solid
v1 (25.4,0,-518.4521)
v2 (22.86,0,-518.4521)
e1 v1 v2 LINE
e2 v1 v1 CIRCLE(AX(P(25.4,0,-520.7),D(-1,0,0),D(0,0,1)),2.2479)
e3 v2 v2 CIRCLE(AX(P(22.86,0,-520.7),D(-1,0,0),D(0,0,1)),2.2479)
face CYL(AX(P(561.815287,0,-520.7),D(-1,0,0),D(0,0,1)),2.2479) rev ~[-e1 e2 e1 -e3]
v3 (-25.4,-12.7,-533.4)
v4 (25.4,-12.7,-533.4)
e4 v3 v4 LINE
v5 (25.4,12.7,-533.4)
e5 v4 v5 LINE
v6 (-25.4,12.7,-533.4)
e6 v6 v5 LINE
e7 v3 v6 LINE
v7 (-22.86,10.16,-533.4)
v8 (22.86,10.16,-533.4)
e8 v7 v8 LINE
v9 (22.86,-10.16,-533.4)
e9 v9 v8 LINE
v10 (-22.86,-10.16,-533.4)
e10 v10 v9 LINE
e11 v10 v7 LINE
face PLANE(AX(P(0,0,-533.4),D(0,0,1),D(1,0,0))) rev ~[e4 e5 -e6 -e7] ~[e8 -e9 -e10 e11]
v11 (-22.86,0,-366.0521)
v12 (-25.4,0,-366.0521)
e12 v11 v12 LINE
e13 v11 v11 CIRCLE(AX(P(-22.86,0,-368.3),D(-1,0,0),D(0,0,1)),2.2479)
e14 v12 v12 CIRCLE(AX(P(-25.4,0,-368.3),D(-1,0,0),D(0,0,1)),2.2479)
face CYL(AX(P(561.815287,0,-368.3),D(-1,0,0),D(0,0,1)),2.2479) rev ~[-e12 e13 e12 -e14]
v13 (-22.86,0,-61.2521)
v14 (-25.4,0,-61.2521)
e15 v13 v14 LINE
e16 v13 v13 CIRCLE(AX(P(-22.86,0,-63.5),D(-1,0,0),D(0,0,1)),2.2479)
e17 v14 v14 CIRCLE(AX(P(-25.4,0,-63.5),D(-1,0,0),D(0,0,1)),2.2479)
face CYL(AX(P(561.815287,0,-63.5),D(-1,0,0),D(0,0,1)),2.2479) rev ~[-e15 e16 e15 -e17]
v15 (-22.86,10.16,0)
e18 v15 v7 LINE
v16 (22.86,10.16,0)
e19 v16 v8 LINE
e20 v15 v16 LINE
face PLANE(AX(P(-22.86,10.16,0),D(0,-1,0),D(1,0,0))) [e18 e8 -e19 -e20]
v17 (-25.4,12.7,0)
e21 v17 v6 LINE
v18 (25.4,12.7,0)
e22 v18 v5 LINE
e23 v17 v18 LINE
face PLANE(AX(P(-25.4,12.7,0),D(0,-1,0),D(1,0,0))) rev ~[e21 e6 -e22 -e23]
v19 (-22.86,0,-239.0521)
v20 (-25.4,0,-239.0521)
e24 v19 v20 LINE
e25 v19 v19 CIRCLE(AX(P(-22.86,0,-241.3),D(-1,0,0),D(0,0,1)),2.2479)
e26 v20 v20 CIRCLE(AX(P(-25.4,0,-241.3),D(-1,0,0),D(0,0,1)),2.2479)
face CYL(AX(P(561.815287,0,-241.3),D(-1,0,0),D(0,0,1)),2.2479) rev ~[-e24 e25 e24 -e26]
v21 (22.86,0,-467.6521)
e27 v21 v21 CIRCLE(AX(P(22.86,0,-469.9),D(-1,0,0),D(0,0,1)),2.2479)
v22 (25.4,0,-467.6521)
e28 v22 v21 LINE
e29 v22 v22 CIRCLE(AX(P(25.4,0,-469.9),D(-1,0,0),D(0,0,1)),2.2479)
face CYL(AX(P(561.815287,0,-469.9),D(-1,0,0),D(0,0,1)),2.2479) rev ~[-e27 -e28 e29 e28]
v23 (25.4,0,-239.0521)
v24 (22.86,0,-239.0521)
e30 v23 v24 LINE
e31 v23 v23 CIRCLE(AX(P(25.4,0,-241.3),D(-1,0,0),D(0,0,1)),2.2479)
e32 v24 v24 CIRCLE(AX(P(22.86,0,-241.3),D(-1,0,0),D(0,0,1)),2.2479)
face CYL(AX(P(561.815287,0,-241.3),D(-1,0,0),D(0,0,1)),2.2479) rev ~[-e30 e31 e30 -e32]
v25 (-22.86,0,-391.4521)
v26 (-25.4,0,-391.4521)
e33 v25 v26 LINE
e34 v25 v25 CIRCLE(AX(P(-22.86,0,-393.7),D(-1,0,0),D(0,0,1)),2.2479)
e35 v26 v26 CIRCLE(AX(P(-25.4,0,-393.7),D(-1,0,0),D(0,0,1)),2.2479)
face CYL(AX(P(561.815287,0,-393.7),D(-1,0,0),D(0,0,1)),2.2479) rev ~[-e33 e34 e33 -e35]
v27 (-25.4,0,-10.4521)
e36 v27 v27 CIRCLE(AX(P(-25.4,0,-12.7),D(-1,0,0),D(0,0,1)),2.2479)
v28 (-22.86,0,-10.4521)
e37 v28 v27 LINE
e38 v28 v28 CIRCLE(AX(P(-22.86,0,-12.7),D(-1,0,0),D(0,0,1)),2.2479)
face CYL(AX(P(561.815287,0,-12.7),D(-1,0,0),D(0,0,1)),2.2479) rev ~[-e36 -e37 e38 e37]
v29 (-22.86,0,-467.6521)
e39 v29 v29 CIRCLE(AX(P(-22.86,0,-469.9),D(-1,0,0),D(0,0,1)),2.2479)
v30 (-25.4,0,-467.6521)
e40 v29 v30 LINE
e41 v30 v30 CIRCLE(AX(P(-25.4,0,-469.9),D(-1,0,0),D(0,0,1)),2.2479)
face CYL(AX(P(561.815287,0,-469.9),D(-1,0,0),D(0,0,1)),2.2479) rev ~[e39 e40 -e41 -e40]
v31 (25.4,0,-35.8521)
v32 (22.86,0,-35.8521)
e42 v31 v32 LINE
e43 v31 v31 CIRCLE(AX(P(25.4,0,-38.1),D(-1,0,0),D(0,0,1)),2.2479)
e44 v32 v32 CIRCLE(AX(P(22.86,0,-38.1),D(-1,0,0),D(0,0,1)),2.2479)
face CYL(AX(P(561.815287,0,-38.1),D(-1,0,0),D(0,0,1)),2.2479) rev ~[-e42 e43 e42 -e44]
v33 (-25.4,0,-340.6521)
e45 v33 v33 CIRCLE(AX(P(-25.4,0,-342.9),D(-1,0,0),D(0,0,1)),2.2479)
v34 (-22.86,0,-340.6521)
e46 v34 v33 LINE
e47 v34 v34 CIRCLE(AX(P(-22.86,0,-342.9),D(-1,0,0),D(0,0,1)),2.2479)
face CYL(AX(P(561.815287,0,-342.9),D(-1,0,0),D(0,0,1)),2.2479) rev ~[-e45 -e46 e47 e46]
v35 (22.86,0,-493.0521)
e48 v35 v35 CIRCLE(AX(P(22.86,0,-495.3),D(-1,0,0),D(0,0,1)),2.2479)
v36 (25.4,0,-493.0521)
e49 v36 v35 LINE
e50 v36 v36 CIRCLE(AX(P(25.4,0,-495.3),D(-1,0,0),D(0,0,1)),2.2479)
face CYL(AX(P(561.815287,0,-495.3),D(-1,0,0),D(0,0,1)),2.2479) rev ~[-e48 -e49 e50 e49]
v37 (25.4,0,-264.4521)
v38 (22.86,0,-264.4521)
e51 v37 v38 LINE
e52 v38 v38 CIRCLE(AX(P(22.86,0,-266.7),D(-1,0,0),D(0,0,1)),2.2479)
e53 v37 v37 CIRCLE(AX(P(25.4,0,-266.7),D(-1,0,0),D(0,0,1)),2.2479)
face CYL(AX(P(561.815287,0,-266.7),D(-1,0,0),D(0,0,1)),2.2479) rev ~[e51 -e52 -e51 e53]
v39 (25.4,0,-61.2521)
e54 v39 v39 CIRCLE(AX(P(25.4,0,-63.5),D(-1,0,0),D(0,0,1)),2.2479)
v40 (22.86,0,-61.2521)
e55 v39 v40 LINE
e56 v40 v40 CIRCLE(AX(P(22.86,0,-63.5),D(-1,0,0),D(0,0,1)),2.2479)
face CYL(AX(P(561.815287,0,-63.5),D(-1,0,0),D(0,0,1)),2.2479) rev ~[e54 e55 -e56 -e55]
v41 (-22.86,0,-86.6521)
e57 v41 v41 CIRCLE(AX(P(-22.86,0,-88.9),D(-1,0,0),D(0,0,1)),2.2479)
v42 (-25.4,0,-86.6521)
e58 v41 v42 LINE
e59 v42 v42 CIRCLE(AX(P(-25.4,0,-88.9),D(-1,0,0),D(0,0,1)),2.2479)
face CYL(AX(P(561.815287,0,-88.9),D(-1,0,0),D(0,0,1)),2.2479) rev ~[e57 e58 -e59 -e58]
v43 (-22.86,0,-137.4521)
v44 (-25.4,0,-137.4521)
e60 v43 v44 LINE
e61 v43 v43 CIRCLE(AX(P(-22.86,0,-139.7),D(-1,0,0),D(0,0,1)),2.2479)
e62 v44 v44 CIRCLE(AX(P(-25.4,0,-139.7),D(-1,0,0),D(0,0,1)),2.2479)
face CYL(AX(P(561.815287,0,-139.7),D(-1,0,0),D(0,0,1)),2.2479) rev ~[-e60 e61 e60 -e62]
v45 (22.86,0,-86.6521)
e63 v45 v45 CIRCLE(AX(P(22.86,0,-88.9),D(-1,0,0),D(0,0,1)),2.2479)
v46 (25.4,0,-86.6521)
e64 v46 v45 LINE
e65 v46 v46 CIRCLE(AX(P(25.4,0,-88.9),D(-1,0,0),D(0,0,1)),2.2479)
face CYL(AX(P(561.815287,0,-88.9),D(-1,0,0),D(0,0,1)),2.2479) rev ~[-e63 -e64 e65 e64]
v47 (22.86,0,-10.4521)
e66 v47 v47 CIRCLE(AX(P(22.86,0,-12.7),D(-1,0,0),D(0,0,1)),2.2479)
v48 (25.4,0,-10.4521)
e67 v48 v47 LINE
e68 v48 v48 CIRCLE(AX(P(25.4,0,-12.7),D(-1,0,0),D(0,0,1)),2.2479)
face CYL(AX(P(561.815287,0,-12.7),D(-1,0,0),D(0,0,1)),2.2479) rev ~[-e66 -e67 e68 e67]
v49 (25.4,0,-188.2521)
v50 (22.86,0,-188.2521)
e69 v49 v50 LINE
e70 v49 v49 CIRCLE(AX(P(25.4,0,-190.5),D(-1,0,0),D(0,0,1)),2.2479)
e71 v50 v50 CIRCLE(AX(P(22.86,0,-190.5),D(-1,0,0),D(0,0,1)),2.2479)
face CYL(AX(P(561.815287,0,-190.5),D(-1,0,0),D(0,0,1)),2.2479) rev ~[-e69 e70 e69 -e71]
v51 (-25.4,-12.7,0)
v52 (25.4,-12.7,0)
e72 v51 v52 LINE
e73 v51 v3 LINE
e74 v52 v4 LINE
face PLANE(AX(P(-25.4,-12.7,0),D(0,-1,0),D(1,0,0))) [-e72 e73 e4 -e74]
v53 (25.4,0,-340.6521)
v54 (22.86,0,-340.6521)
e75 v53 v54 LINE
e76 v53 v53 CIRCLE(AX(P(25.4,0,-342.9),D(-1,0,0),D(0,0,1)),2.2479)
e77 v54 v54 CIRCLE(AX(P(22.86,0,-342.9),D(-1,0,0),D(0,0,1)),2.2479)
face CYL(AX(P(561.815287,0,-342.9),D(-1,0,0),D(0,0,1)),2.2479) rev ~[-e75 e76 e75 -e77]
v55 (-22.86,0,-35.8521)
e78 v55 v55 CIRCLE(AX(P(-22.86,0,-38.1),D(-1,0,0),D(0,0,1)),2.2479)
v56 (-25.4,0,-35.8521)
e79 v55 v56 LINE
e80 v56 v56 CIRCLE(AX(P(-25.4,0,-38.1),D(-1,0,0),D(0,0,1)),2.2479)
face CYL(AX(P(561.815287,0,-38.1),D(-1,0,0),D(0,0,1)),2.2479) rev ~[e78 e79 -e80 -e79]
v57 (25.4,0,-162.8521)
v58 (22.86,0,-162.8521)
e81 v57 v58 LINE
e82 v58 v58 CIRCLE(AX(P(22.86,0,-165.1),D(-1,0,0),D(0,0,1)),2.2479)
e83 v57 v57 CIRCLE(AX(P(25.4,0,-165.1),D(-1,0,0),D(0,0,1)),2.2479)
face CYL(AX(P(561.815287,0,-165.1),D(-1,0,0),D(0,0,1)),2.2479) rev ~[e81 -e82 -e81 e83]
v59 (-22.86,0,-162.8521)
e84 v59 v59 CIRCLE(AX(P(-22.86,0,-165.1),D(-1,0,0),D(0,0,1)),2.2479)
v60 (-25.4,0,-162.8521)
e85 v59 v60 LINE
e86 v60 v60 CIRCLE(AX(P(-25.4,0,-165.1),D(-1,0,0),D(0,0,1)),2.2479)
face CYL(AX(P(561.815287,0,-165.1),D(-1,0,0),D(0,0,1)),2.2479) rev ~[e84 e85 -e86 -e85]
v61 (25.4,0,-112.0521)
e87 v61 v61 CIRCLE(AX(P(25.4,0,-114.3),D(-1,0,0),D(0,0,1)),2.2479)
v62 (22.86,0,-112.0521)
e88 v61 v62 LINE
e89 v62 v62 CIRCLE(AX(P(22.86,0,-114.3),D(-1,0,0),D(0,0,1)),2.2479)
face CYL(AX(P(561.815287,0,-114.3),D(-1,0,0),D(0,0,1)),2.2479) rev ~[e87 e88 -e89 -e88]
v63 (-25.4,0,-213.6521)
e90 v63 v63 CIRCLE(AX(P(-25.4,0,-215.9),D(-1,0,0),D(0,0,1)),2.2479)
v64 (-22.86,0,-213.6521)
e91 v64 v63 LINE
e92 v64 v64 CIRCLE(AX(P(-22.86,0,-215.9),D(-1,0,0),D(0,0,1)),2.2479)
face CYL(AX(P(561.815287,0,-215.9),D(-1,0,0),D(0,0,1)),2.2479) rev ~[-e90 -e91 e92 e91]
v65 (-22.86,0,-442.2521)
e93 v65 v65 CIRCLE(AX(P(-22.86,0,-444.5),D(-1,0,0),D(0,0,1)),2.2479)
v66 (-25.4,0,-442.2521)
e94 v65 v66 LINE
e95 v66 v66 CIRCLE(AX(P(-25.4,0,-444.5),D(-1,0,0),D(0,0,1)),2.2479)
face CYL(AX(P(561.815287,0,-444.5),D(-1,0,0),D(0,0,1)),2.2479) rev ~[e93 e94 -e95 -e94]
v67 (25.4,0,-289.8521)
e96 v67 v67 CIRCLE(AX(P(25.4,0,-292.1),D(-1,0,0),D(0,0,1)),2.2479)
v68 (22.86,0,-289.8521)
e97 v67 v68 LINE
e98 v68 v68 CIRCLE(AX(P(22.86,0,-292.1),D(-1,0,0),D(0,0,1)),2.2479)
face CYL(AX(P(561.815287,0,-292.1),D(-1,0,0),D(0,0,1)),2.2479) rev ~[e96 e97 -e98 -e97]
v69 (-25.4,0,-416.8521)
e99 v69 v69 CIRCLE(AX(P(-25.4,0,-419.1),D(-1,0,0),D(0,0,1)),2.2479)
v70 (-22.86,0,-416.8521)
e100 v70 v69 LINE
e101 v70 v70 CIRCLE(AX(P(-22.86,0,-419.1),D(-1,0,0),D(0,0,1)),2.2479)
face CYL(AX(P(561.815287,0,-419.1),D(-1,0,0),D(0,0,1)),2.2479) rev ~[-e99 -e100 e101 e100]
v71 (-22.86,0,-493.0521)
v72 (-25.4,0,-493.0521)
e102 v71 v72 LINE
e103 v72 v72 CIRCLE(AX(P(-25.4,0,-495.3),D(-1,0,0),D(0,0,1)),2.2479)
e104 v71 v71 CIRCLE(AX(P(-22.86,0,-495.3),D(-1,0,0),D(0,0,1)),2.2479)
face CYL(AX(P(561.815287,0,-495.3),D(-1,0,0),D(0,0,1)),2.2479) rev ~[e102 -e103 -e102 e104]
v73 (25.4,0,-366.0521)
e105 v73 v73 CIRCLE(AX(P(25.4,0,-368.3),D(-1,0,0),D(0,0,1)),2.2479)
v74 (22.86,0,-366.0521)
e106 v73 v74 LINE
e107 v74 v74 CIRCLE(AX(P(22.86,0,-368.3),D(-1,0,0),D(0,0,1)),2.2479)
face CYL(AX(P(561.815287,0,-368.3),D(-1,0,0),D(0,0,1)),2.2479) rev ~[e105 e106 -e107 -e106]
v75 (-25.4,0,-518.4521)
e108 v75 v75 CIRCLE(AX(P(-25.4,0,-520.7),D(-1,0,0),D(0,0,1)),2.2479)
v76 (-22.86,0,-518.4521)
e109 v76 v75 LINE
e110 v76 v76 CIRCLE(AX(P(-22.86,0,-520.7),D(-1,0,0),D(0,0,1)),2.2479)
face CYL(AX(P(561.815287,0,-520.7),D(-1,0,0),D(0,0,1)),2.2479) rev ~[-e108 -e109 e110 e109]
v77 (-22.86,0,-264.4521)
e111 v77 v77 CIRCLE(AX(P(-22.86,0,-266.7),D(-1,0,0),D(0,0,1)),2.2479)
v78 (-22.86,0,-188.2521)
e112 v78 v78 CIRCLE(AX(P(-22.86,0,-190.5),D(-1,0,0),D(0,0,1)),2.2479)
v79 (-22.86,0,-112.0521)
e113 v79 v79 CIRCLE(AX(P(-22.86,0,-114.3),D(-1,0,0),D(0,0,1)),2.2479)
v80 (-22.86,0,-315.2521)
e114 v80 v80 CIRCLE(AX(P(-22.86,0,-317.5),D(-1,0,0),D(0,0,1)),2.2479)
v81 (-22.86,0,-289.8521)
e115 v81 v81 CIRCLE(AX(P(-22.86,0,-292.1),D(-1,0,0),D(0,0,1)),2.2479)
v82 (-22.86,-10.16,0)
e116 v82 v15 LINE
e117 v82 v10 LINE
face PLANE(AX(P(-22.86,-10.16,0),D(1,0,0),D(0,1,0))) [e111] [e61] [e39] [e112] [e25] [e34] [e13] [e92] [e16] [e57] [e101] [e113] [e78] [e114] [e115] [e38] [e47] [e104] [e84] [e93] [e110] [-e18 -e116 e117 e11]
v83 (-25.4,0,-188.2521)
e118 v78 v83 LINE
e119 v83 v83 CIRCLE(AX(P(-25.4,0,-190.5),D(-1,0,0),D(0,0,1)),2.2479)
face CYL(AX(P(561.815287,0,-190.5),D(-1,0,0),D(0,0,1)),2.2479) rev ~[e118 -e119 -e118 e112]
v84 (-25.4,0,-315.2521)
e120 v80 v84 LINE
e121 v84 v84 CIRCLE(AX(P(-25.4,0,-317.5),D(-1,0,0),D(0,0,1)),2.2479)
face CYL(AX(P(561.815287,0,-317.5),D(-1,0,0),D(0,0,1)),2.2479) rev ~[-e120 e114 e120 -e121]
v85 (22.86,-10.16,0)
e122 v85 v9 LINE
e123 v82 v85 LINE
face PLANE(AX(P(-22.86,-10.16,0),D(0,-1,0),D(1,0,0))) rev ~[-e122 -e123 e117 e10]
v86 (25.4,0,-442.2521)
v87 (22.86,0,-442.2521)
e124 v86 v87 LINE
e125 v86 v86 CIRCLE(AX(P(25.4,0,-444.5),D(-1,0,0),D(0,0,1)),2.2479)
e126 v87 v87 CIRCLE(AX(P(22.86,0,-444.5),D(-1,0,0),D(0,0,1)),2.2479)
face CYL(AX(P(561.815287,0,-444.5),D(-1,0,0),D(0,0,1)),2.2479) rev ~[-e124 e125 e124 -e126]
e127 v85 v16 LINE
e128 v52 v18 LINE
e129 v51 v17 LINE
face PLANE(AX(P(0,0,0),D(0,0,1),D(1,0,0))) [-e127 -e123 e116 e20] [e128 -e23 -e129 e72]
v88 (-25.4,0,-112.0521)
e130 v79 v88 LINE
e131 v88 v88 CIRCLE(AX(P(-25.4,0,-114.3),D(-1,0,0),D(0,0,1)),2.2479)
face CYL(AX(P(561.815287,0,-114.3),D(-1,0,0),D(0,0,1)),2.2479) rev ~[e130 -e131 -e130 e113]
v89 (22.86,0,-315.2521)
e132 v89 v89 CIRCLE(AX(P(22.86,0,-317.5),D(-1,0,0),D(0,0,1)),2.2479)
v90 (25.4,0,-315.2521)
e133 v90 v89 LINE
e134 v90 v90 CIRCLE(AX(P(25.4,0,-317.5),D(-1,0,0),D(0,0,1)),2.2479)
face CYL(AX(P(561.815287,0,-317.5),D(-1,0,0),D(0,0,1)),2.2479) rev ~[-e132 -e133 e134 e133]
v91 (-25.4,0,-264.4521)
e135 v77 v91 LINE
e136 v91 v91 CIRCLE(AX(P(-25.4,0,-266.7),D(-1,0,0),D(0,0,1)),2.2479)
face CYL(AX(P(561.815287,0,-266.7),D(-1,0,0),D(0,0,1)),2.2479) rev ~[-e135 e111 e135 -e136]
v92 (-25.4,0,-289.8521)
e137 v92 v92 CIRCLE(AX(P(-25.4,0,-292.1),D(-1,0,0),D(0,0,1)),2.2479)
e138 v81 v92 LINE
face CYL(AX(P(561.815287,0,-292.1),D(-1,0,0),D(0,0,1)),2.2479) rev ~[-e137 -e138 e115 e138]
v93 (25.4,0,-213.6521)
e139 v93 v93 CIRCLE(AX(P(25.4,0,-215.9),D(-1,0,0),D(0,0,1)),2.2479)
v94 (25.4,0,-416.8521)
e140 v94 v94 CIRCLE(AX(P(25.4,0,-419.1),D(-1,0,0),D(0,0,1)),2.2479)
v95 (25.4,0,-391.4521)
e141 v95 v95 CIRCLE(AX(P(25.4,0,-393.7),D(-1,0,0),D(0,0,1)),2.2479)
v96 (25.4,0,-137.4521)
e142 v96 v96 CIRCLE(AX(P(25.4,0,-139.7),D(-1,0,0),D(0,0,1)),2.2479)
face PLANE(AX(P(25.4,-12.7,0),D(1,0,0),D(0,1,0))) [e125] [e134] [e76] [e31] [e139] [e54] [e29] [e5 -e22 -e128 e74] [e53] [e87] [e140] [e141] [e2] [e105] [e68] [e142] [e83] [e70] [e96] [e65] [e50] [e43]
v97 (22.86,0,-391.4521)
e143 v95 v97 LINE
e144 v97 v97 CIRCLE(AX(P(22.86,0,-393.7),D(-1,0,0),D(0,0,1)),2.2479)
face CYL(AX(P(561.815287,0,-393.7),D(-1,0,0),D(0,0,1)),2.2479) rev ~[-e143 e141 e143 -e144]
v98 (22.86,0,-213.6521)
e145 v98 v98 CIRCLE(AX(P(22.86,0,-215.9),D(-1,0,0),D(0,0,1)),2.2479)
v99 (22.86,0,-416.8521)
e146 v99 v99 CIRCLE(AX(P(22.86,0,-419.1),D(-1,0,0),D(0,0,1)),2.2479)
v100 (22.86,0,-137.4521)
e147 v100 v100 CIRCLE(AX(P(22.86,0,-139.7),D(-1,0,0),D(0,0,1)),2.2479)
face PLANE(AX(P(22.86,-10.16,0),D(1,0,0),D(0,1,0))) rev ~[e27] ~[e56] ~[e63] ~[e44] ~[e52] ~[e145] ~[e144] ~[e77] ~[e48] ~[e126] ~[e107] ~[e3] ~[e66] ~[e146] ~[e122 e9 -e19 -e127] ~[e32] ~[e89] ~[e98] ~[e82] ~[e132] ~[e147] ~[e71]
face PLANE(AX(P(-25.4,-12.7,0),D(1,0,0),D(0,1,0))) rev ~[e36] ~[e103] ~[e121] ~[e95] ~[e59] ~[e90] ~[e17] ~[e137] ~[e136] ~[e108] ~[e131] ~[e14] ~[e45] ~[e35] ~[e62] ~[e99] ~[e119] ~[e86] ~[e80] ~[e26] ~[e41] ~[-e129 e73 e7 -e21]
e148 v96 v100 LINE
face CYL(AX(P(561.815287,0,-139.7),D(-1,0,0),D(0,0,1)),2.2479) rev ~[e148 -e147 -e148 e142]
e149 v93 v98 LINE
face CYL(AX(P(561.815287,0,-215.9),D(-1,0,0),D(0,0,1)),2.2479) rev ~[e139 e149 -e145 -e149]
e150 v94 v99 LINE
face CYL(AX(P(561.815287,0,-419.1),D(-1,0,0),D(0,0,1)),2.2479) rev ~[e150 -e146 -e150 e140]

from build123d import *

# Parameters (mm, degrees)
SKETCH1_W             = 50.8
SKETCH1_H             = 25.4
SKETCH1_W_2           = 45.72
SKETCH1_H_2           = 20.32
BOSS_EXTRUDE1_DEPTH   = 533.4
F_8_CLEARANCE_HOLE1_D = 4.4958


with BuildPart() as part:
    # Sketch1 → Boss-Extrude1 (new body)
    with BuildSketch(Plane.XY):
        Rectangle(SKETCH1_W, SKETCH1_H)
        Rectangle(SKETCH1_W_2, SKETCH1_H_2, mode=Mode.SUBTRACT)
    extrude(amount=-BOSS_EXTRUDE1_DEPTH)

    # #8 Clearance Hole1 (through all)
    with Locations(Plane(origin=(25.4, 0, 0), x_dir=(0, 0, -1), z_dir=(1, 0, 0))):
        with Locations((12.7, 0), (38.1, 0), (63.5, 0), (88.9, 0), (114.3, 0), (139.7, 0), (165.1, 0), (190.5, 0), (215.9, 0), (241.3, 0), (266.7, 0), (292.1, 0), (317.5, 0), (342.9, 0), (368.3, 0), (393.7, 0), (419.1, 0), (444.5, 0), (469.9, 0), (495.3, 0), (520.7, 0)):
            Hole(F_8_CLEARANCE_HOLE1_D / 2)


solid = part.part
